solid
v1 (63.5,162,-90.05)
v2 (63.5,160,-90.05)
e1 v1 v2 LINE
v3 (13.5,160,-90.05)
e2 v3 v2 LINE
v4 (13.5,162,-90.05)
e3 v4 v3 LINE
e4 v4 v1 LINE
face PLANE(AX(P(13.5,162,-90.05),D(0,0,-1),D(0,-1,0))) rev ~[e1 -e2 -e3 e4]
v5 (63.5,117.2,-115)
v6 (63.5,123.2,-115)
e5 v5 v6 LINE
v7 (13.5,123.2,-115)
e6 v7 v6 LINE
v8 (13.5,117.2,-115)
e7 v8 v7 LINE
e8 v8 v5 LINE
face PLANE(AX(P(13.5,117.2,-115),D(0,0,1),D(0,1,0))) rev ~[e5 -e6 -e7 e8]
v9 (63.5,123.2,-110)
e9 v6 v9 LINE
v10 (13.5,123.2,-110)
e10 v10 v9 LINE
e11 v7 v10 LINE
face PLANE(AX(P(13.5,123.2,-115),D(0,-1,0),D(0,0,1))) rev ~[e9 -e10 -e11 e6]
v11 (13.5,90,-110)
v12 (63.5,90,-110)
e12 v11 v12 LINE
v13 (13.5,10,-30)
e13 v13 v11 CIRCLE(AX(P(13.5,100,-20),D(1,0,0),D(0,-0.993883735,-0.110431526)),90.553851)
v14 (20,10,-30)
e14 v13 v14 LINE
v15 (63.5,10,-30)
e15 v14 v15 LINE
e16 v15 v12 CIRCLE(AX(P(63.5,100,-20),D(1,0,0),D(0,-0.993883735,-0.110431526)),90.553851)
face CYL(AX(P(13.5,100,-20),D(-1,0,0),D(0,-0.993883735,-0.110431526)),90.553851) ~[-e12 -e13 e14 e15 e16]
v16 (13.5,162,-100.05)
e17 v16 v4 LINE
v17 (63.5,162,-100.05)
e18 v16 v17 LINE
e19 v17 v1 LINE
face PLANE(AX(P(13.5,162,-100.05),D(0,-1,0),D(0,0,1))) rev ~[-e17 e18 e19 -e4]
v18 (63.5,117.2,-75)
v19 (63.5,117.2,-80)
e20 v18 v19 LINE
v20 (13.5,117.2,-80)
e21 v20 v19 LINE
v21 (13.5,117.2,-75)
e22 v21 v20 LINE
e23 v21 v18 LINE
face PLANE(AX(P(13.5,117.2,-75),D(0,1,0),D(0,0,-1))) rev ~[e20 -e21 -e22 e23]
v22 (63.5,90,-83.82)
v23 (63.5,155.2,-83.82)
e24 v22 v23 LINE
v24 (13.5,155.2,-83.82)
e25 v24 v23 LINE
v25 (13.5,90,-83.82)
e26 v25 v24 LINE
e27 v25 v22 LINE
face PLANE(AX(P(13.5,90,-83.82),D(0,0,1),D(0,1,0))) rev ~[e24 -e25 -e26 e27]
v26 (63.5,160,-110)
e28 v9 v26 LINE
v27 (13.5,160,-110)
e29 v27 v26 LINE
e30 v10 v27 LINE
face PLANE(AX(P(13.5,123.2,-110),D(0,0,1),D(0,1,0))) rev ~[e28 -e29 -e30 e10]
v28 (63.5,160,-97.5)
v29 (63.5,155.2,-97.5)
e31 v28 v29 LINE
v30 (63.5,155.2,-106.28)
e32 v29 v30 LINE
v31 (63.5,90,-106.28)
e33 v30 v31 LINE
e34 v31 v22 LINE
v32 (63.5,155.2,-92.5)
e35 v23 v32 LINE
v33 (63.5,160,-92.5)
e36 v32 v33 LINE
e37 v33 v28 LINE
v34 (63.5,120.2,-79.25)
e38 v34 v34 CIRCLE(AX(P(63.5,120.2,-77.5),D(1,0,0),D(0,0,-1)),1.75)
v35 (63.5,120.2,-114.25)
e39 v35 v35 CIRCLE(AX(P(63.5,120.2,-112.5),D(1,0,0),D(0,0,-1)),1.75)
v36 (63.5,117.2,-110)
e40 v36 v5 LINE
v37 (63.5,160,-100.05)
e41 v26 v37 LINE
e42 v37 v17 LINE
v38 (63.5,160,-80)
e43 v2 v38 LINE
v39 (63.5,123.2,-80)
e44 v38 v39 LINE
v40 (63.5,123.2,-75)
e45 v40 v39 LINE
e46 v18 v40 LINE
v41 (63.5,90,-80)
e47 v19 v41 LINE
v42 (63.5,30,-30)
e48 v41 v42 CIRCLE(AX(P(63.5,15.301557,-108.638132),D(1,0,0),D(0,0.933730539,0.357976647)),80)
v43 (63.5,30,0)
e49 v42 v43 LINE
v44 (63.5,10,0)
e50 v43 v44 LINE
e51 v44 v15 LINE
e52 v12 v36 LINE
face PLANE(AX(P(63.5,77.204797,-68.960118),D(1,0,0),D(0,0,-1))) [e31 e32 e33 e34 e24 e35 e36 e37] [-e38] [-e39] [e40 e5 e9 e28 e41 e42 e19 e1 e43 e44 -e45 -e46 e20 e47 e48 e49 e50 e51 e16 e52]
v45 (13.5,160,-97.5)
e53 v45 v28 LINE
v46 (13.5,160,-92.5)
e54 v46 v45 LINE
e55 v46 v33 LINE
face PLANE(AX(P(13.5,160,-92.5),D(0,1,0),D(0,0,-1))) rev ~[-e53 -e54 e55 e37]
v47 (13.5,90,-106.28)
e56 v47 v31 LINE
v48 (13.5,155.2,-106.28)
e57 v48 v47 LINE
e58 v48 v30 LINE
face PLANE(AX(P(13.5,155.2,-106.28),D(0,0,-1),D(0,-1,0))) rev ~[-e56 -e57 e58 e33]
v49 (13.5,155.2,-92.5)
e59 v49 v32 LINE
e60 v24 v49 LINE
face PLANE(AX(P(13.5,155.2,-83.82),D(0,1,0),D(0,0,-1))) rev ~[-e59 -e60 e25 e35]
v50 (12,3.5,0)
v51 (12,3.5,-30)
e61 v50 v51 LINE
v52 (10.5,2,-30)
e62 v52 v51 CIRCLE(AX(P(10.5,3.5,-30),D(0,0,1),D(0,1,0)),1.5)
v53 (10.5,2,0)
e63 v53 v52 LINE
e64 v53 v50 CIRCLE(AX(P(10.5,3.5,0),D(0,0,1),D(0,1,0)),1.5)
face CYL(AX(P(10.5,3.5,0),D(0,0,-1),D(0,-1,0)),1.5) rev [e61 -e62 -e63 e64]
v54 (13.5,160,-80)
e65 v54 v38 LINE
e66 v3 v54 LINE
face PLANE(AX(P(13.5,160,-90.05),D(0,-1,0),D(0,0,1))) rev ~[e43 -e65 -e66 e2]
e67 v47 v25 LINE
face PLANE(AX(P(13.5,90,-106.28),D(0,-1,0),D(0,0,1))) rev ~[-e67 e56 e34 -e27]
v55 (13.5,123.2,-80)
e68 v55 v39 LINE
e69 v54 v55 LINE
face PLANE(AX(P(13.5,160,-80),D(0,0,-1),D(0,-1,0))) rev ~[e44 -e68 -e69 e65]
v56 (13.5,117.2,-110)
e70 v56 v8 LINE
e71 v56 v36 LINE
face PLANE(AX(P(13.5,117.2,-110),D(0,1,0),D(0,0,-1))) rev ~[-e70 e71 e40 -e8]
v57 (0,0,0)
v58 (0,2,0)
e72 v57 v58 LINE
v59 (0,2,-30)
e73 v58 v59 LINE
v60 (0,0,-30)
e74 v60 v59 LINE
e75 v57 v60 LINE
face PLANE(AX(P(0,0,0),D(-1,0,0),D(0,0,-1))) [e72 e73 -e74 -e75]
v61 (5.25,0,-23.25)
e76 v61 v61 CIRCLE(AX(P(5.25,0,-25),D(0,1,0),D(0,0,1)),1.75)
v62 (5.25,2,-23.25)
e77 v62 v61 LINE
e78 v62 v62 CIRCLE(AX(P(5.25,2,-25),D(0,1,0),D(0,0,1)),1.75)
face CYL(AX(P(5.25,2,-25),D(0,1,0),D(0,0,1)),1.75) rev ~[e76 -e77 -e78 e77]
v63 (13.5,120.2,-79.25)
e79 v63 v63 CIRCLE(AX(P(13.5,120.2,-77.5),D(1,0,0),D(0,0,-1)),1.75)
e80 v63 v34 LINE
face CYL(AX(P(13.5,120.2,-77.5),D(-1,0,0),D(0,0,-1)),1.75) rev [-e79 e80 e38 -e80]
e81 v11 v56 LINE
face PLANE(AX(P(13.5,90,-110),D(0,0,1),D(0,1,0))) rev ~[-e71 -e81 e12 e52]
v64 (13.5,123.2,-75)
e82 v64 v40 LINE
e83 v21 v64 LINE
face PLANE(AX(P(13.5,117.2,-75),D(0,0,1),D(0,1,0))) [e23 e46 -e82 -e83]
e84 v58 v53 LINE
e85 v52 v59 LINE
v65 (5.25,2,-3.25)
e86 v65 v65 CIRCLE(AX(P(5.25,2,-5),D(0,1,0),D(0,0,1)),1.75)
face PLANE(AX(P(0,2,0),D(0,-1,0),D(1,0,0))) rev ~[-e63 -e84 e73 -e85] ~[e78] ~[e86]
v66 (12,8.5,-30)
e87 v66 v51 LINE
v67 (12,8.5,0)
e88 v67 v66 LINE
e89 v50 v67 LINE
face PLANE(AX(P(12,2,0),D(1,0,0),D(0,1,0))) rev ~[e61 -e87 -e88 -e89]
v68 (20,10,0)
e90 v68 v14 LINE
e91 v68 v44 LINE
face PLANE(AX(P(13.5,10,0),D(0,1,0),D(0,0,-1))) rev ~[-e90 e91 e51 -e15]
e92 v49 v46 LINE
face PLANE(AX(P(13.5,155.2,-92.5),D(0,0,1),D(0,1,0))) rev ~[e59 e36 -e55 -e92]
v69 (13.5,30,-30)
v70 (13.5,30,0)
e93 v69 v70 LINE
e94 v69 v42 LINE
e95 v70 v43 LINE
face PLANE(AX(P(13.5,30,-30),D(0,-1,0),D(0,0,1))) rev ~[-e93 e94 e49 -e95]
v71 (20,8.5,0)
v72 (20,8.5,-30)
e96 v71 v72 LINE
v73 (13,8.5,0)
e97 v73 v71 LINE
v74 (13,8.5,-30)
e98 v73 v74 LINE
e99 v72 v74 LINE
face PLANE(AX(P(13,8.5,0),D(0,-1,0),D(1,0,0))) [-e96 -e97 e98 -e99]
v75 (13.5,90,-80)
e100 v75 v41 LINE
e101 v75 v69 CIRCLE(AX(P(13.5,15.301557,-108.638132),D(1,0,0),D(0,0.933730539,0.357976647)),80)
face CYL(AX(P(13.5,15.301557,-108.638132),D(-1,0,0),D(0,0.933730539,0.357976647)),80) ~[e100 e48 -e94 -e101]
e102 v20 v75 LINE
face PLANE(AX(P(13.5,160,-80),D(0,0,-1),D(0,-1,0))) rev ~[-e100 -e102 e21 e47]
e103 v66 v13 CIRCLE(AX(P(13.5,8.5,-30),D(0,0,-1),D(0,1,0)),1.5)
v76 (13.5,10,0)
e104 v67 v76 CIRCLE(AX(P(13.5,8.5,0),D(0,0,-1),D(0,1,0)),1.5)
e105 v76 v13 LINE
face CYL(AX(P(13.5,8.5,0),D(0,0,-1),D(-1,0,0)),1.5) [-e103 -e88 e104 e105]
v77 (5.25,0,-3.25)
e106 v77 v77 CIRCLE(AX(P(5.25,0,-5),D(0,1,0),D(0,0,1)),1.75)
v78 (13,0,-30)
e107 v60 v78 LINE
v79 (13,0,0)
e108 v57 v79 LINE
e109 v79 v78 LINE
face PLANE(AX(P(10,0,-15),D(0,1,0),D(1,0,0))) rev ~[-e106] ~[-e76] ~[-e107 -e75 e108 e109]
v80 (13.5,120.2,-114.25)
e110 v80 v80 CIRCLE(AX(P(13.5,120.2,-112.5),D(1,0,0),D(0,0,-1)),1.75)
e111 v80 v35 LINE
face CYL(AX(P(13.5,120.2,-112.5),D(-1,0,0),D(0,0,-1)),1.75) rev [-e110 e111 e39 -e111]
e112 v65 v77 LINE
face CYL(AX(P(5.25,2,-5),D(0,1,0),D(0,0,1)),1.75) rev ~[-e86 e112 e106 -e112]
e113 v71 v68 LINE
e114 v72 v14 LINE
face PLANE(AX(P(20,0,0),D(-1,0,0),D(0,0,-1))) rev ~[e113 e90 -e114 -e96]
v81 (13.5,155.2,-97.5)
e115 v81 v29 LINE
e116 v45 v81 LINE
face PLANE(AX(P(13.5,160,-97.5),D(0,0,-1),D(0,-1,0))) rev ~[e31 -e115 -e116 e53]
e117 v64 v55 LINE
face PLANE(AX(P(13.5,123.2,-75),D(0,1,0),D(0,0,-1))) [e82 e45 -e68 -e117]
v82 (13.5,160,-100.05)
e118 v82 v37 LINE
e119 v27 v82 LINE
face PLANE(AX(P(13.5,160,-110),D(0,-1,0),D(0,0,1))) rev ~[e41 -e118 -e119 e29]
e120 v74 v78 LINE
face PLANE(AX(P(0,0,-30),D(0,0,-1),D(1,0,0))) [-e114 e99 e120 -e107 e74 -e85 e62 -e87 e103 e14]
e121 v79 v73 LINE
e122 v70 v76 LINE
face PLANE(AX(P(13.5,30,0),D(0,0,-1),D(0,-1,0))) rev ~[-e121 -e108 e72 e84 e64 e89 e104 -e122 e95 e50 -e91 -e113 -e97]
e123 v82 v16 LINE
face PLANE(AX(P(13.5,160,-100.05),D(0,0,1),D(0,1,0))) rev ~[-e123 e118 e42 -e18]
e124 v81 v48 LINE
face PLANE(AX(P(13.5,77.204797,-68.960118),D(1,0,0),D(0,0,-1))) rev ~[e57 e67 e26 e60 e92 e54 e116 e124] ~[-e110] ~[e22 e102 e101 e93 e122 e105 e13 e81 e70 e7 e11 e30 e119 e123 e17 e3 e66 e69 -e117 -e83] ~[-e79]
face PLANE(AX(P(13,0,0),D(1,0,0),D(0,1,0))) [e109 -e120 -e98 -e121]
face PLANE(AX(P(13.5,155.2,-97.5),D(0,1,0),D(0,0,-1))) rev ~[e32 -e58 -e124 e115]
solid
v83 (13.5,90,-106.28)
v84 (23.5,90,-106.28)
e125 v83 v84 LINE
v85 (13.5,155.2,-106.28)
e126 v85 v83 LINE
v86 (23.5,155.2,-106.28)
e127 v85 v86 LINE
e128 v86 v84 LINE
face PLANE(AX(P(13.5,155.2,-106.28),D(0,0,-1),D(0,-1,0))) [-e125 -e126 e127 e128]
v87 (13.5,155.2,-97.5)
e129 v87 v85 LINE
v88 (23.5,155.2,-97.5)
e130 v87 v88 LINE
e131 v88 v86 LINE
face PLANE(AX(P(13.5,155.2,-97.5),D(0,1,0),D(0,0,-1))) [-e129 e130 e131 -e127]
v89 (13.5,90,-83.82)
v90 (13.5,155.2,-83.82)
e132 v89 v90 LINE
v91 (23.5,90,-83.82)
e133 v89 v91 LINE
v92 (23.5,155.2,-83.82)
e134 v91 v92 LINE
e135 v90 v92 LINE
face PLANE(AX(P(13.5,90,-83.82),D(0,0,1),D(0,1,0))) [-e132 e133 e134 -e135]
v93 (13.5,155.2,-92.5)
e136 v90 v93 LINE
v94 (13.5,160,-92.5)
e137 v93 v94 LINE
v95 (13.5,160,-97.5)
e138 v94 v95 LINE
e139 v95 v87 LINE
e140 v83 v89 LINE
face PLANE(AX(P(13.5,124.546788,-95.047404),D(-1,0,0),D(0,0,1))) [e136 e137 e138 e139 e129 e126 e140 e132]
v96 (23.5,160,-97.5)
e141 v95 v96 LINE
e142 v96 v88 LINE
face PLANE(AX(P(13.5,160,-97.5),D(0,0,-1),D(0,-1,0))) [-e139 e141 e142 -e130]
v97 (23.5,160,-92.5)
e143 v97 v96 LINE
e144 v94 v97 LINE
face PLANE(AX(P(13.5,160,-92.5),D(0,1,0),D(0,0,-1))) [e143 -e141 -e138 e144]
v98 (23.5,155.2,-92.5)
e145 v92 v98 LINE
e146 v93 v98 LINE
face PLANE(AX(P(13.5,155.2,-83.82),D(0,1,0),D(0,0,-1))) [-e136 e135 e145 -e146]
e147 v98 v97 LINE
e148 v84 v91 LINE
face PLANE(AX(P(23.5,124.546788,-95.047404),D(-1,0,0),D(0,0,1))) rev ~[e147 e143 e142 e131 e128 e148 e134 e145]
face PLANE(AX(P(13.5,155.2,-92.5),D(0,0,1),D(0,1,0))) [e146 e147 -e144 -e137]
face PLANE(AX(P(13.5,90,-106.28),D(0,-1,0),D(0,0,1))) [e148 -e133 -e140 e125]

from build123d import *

# Parameters (mm, degrees)
SKETCH1_W            = 20
SKETCH1_H            = 30
BOSS_EXTRUDE1_DEPTH  = 10
SKETCH2_W            = 12
SKETCH2_H            = 8
CUT_EXTRUDE1_DEPTH   = 38.416573868
FILLET1_R            = 1.5
FILLET2_R            = 1.5
SKETCH3_W            = 7
SKETCH3_H            = 8.5
CUT_EXTRUDE2_DEPTH   = 38.416573868
SKETCH4_R            = 1.75
CUT_EXTRUDE3_DEPTH   = 37.932370625
BOSS_EXTRUDE10_DEPTH = 10
SKETCH12_11_R        = 1.75
BOSS_EXTRUDE11_DEPTH = 50
SKETCH12_12_W        = 5
SKETCH12_12_H        = 6
SKETCH12_12_R        = 1.75
BOSS_EXTRUDE12_DEPTH = 50


with BuildPart() as part:
    # Sketch1 → Boss-Extrude1 (new body)
    with BuildSketch(Plane(origin=(0, 0, 0), x_dir=(1, 0, 0), z_dir=(0, 1, 0))):
        with Locations((10, 15)):
            Rectangle(SKETCH1_W, SKETCH1_H)
    extrude(amount=BOSS_EXTRUDE1_DEPTH)

    # Sketch2 → Cut-Extrude1 (cut, through all)
    with BuildSketch(Plane.XY):
        with Locations((6, 6)):
            Rectangle(SKETCH2_W, SKETCH2_H)
    extrude(amount=-CUT_EXTRUDE1_DEPTH, mode=Mode.SUBTRACT)

    # Fillet1
    fillet1_edges = [part.edges().sort_by_distance(p)[0] for p in [
        (12, 2, -15),
    ]]
    fillet(fillet1_edges, radius=FILLET1_R)

    # Fillet2
    fillet2_edges = [part.edges().sort_by_distance(p)[0] for p in [
        (12, 10, -15),
    ]]
    fillet(fillet2_edges, radius=FILLET2_R)

    # Sketch3 → Cut-Extrude2 (cut, through all)
    with BuildSketch(Plane.XY):
        with Locations((16.5, 4.25)):
            Rectangle(SKETCH3_W, SKETCH3_H)
    extrude(amount=-CUT_EXTRUDE2_DEPTH, mode=Mode.SUBTRACT)

    # Sketch4 → Cut-Extrude3 (cut, through all)
    with BuildSketch(Plane(origin=(0, 2, 0), x_dir=(1, 0, 0), z_dir=(0, 1, 0))):
        with Locations((5.25, 25)):
            Circle(SKETCH4_R)
        with Locations((5.25, 5)):
            Circle(SKETCH4_R)
    extrude(amount=-CUT_EXTRUDE3_DEPTH, mode=Mode.SUBTRACT)

    # Sketch12<11> → Boss-Extrude11 (add)
    with BuildSketch(Plane(origin=(13.5, 0, 0), x_dir=(0, 0, -1), z_dir=(1, 0, 0))):
        with BuildLine():
            Line((0, 30), (0, 10))
            Line((0, 10), (30, 10))
            ThreePointArc((30, 10), (84.031242374, 35.968757626), (110, 90))
            Line((110, 90), (110, 117.2))
            Line((110, 117.2), (115, 117.2))
            Line((115, 117.2), (115, 123.2))
            Line((115, 123.2), (110, 123.2))
            Line((110, 123.2), (110, 160))
            Line((110, 160), (100.05, 160))
            Line((100.05, 160), (100.05, 162))
            Line((100.05, 162), (90.05, 162))
            Line((90.05, 162), (90.05, 160))
            Line((90.05, 160), (80, 160))
            Line((80, 160), (80, 123.2))
            Line((80, 123.2), (80, 117.2))
            Line((80, 117.2), (80, 90))
            ThreePointArc((80, 90), (47.180429407, 66.516308827), (30, 30))
            Line((30, 30), (0, 30))
        make_face()
        with Locations((112.5, 120.2)):
            Circle(SKETCH12_11_R, mode=Mode.SUBTRACT)
        Polygon((106.28, 155.2), (106.28, 90), (83.82, 90), (83.82, 155.2), (92.5, 155.2), (92.5, 160), (97.5, 160), (97.5, 155.2), align=None, mode=Mode.SUBTRACT)
    extrude(amount=BOSS_EXTRUDE11_DEPTH)

    # Sketch12<12> → Boss-Extrude12 (add)
    with BuildSketch(Plane(origin=(13.5, 0, 0), x_dir=(0, 0, -1), z_dir=(1, 0, 0))):
        with Locations((77.5, 120.2)):
            Rectangle(SKETCH12_12_W, SKETCH12_12_H)
        with Locations((77.5, 120.2)):
            Circle(SKETCH12_12_R, mode=Mode.SUBTRACT)
    extrude(amount=BOSS_EXTRUDE12_DEPTH)


with BuildPart() as body_2:
    # Sketch12 → Boss-Extrude10 (new body)
    with BuildSketch(Plane(origin=(13.5, 0, 0), x_dir=(0, 0, -1), z_dir=(1, 0, 0))):
        Polygon((106.28, 90), (83.82, 90), (83.82, 155.2), (92.5, 155.2), (92.5, 160), (97.5, 160), (97.5, 155.2), (106.28, 155.2), align=None)
    extrude(amount=BOSS_EXTRUDE10_DEPTH)


solid = Compound([part.part, body_2.part])
